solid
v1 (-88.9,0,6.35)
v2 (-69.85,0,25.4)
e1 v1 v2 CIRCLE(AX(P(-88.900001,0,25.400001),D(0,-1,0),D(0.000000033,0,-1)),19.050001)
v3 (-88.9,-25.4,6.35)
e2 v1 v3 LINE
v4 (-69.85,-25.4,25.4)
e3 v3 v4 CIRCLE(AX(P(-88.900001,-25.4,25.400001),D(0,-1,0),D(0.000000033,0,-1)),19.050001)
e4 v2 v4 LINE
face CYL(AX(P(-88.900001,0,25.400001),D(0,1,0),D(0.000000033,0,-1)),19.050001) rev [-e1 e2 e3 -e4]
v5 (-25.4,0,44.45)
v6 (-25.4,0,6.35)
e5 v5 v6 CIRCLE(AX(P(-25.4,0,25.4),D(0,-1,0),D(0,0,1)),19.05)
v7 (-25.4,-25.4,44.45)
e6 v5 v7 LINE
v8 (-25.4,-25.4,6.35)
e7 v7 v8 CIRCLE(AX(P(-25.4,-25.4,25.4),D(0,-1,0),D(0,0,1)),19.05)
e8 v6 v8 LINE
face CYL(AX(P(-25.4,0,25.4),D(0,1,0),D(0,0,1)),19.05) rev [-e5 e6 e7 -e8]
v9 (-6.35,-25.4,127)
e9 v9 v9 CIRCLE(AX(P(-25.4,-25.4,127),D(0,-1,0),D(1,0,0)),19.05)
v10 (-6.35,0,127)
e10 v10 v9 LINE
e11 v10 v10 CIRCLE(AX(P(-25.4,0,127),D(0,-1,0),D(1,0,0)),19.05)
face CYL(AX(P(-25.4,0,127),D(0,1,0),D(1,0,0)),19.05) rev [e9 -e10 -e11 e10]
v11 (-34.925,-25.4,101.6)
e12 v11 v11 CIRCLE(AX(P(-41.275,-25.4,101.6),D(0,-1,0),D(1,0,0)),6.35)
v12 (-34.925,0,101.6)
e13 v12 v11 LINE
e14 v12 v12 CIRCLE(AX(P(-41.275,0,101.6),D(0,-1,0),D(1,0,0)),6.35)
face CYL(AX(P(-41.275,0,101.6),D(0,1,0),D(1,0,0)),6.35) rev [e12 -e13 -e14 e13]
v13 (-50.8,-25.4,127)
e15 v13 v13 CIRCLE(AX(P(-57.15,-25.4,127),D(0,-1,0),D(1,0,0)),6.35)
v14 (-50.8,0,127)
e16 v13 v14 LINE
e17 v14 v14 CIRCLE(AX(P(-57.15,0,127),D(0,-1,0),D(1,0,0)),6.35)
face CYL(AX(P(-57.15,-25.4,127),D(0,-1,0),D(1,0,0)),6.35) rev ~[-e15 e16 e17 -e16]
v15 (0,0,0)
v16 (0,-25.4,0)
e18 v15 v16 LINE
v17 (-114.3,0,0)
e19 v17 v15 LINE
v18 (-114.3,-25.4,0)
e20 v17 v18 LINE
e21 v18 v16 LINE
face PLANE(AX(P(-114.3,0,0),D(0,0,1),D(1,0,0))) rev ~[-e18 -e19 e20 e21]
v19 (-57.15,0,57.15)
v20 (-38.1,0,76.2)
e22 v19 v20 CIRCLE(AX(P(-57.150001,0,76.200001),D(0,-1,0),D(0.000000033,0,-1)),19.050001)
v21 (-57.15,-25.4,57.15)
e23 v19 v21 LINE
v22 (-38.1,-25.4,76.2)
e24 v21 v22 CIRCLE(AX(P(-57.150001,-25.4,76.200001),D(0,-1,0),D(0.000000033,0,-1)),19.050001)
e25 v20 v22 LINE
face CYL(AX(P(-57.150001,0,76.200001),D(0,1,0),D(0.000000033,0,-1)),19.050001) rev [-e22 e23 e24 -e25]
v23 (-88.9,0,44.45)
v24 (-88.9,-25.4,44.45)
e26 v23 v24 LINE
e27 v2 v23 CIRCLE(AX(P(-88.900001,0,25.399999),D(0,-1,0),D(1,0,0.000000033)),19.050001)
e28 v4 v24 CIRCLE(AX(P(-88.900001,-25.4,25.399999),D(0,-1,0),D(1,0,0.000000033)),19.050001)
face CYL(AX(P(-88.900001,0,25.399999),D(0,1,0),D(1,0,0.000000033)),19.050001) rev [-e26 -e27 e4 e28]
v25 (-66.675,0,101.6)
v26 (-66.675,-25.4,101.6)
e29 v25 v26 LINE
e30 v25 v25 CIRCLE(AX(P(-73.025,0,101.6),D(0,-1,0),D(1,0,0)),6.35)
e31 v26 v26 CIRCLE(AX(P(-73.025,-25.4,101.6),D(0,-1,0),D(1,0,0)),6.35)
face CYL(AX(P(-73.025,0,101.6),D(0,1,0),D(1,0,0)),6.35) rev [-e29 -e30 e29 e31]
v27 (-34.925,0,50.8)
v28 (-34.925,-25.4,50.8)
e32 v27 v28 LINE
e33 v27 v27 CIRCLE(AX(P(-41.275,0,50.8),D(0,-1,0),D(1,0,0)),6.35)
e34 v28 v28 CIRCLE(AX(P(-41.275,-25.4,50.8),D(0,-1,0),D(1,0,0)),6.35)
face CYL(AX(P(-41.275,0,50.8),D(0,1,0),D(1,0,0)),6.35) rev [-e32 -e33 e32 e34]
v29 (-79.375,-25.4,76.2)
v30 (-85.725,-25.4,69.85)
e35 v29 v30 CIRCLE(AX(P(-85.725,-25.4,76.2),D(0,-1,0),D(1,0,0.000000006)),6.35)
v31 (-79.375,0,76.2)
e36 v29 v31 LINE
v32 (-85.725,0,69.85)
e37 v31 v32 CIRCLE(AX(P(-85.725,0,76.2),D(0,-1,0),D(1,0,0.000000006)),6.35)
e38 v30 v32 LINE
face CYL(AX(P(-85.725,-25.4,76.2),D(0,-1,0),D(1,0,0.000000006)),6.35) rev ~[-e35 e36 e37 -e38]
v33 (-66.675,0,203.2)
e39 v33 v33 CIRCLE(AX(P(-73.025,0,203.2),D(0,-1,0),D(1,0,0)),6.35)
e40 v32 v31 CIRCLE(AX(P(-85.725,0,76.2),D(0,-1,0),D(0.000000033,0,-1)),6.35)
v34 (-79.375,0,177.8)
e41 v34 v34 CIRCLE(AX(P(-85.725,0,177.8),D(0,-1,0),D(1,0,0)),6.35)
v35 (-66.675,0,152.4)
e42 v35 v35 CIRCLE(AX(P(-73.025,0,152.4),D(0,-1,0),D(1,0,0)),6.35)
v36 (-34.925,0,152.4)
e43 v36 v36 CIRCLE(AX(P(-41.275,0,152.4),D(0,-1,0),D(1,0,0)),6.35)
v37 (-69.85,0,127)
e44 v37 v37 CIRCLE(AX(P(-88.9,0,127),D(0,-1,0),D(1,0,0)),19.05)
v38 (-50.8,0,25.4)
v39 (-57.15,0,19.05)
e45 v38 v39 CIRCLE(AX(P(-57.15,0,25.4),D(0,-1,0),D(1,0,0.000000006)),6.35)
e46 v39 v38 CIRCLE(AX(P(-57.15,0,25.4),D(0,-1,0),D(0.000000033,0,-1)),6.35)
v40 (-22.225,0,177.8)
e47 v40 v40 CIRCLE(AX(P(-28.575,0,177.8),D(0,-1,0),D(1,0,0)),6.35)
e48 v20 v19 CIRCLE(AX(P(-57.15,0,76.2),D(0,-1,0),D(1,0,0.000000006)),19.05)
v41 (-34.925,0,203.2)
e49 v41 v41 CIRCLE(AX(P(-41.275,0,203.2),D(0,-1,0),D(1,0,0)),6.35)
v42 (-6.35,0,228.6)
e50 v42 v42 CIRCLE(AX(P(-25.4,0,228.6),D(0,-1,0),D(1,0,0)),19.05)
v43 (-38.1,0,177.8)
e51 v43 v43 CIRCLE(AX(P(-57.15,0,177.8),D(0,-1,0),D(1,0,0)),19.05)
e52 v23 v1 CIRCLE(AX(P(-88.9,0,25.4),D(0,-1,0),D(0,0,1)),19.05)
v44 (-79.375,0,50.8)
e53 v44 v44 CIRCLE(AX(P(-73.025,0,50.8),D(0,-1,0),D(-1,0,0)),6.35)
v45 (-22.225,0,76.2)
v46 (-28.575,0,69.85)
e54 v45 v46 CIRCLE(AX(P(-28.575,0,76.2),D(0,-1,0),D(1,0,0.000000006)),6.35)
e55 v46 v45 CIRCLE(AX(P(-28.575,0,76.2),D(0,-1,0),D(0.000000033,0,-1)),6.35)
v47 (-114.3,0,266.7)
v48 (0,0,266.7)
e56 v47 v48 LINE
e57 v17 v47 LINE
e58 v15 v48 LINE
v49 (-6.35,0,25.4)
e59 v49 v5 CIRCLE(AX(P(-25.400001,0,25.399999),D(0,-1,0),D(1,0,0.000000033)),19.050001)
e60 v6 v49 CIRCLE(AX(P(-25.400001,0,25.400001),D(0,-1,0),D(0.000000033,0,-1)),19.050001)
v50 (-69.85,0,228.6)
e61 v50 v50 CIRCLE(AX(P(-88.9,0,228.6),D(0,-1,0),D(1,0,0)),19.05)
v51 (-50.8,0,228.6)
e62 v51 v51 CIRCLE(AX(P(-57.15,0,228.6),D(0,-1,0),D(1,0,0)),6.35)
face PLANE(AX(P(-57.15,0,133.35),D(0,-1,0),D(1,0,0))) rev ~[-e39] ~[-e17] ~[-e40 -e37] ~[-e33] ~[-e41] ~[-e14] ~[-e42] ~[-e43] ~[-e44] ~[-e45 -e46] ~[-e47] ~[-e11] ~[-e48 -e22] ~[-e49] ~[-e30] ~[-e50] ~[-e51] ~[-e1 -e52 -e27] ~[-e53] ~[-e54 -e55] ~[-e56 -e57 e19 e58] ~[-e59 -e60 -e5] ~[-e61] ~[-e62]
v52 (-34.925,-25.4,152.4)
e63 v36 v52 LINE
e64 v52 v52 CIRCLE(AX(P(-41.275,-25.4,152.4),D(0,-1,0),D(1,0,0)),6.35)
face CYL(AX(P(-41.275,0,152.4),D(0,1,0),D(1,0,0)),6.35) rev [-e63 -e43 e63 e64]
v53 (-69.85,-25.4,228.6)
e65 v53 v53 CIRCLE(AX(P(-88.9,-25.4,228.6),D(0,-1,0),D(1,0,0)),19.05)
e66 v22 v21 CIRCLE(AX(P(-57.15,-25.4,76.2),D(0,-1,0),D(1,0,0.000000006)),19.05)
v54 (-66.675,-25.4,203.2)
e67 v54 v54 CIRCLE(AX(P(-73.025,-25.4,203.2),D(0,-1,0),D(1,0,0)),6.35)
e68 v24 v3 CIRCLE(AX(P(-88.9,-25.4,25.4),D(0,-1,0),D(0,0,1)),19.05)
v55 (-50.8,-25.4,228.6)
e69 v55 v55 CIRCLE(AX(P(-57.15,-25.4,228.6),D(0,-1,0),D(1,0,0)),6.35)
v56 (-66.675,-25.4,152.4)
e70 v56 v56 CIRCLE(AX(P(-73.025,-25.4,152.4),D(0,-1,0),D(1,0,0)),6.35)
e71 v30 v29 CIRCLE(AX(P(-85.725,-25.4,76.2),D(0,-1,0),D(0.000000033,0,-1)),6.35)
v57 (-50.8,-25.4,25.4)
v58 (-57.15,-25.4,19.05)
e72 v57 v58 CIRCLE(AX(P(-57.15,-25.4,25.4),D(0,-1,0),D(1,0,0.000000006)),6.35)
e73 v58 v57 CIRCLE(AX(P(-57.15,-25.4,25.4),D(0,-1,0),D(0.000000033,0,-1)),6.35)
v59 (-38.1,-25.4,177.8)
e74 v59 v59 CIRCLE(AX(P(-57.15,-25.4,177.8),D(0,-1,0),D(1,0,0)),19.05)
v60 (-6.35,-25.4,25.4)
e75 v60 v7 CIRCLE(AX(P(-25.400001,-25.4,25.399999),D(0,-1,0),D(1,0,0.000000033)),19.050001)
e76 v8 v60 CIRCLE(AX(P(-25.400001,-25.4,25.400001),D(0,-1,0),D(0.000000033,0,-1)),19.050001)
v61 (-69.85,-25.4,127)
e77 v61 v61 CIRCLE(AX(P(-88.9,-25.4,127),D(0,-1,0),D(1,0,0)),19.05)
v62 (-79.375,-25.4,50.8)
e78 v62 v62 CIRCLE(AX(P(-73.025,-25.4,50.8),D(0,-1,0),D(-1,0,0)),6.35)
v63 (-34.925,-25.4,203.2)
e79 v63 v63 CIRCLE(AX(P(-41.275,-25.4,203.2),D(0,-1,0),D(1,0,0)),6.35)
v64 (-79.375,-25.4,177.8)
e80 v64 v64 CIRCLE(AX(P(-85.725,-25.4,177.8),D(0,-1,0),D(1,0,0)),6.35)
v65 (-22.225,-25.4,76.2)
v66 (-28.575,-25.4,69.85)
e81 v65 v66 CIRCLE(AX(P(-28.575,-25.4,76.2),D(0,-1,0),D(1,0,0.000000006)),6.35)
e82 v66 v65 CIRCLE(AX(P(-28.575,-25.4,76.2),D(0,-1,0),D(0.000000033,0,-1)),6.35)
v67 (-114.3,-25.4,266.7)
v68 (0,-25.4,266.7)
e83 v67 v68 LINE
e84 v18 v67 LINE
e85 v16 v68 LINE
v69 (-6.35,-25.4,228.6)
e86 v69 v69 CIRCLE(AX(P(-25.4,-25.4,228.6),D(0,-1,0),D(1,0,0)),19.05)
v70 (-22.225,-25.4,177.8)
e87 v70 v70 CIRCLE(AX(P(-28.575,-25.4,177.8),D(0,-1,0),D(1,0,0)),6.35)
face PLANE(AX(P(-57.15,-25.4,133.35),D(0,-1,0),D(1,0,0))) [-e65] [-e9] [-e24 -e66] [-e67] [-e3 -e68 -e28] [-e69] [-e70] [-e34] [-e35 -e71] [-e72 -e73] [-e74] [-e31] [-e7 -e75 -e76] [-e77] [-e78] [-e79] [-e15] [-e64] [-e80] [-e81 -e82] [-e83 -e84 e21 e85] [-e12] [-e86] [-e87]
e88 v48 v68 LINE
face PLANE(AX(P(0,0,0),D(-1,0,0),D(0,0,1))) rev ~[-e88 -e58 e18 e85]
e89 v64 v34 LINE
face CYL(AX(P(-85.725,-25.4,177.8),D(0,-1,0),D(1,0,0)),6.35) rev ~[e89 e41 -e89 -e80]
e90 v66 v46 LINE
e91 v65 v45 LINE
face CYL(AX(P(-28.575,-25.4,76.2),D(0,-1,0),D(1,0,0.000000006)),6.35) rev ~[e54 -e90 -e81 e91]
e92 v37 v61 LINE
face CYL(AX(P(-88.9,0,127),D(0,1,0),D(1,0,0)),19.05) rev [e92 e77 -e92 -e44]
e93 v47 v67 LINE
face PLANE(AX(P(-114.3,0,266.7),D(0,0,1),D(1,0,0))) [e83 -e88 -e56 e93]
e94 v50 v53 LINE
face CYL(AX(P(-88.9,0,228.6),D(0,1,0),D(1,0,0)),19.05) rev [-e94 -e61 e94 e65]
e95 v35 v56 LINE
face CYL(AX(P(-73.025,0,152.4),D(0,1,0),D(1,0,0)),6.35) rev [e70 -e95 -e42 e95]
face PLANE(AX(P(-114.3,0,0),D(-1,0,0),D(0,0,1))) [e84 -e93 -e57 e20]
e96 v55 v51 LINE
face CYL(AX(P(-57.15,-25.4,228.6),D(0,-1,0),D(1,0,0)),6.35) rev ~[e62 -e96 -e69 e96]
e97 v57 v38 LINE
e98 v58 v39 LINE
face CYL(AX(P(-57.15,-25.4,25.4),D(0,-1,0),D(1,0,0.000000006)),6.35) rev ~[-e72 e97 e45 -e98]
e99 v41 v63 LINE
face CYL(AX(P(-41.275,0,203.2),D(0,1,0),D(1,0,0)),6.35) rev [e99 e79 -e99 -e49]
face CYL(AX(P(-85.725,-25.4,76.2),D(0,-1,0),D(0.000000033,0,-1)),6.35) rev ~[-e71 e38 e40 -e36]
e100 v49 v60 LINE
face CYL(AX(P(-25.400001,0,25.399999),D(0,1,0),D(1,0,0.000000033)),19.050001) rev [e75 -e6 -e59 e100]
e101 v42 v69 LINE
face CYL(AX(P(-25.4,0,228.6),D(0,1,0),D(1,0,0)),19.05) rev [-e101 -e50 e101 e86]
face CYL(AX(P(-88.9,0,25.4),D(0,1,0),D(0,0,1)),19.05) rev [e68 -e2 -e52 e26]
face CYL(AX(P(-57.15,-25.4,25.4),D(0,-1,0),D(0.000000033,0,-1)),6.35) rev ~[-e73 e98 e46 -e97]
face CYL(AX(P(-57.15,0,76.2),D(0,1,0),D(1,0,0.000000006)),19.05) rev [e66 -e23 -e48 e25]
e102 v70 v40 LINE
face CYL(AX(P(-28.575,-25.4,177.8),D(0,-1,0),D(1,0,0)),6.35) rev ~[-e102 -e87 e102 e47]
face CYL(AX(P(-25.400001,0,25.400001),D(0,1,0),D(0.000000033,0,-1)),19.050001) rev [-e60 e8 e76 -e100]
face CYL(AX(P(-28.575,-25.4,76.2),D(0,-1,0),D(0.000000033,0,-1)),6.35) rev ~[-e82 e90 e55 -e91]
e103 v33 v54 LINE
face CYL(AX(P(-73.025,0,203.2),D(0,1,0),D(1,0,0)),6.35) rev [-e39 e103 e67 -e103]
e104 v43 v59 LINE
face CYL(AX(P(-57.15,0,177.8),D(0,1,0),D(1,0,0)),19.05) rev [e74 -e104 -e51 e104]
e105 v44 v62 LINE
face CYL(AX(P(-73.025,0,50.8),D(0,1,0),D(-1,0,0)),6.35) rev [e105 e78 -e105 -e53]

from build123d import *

# Parameters (mm, degrees)
F0_W     = 114.3
F0_H     = 266.7
F2_DEPTH = 25.4
F1_R     = 6.35
F1_R_2   = 19.05
F3_DEPTH = 25.4
F5_R     = 6.35
F6_DEPTH = 25.4


with BuildPart() as f2:
    # F0 (on Front) → F2 (new body)
    with BuildSketch(Plane.XZ):
        with Locations((-57.15, 133.35)):
            Rectangle(F0_W, F0_H)
    extrude(amount=F2_DEPTH)

    # F1 (on face) → F3 (cut)
    with BuildSketch(Plane.XZ):
        with BuildLine():
            ThreePointArc((-66.675, 50.8), (-73.025, 57.15), (-79.375, 50.8))
            ThreePointArc((-79.375, 50.8), (-73.025, 44.45), (-66.675, 50.8))
        make_face()
        with BuildLine():
            ThreePointArc((-88.9, 44.45), (-107.95, 25.4), (-88.9, 6.35))
            Line((-88.9, 6.35), (-88.9, 25.4))
            Line((-88.9, 25.4), (-88.9, 44.45))
        make_face()
        with BuildLine():
            Line((-88.9, 25.4), (-88.9, 6.35))
            ThreePointArc((-88.9, 6.35), (-75.429616, 11.929616), (-69.85, 25.4))
            ThreePointArc((-69.85, 25.4), (-75.429616, 38.870384), (-88.9, 44.45))
            Line((-88.9, 44.45), (-88.9, 25.4))
        make_face()
        with BuildLine():
            ThreePointArc((-38.1, 76.2), (-70.620384, 89.670384), (-57.15, 57.15))
            ThreePointArc((-57.15, 57.15), (-43.679616, 62.729616), (-38.1, 76.2))
        make_face()
        with Locations((-41.275, 50.8)):
            Circle(F1_R)
        with BuildLine():
            ThreePointArc((-25.4, 44.45), (-44.45, 25.4), (-25.4, 6.35))
            Line((-25.4, 6.35), (-25.4, 25.4))
            Line((-25.4, 25.4), (-25.4, 44.45))
        make_face()
        with BuildLine():
            Line((-25.4, 25.4), (-25.4, 6.35))
            ThreePointArc((-25.4, 6.35), (-11.929616, 11.929616), (-6.35, 25.4))
            ThreePointArc((-6.35, 25.4), (-11.929616, 38.870384), (-25.4, 44.45))
            Line((-25.4, 44.45), (-25.4, 25.4))
        make_face()
        with Locations((-73.025, 101.6)):
            Circle(F1_R)
        with Locations((-41.275, 101.6)):
            Circle(F1_R)
        with Locations((-73.025, 152.4)):
            Circle(F1_R)
        with Locations((-41.275, 152.4)):
            Circle(F1_R)
        with Locations((-88.9, 127)):
            Circle(F1_R_2)
        with Locations((-25.4, 127)):
            Circle(F1_R_2)
        with Locations((-73.025, 203.2)):
            Circle(F1_R)
        with Locations((-41.275, 203.2)):
            Circle(F1_R)
        with Locations((-57.15, 177.8)):
            Circle(F1_R_2)
        with Locations((-88.9, 228.6)):
            Circle(F1_R_2)
        with Locations((-25.4, 228.6)):
            Circle(F1_R_2)
    extrude(amount=F3_DEPTH, mode=Mode.SUBTRACT)

    # F5 (on face) → F6 (cut)
    with BuildSketch(Plane.XZ.offset(25.4)):
        with BuildLine():
            ThreePointArc((-79.375, 76.2), (-90.215128, 80.690128), (-85.725, 69.85))
            ThreePointArc((-85.725, 69.85), (-81.234872, 71.709872), (-79.375, 76.2))
        make_face()
        with BuildLine():
            ThreePointArc((-50.8, 25.4), (-61.640128, 29.890128), (-57.15, 19.05))
            ThreePointArc((-57.15, 19.05), (-52.659872, 20.909872), (-50.8, 25.4))
        make_face()
        with BuildLine():
            ThreePointArc((-22.225, 76.2), (-33.065128, 80.690128), (-28.575, 69.85))
            ThreePointArc((-28.575, 69.85), (-24.084872, 71.709872), (-22.225, 76.2))
        make_face()
        with Locations((-85.725, 177.8)):
            Circle(F5_R)
        with Locations((-28.575, 177.8)):
            Circle(F5_R)
        with Locations((-57.15, 127)):
            Circle(F5_R)
        with Locations((-57.15, 228.6)):
            Circle(F5_R)
    extrude(amount=-F6_DEPTH, mode=Mode.SUBTRACT)


solid = f2.part
